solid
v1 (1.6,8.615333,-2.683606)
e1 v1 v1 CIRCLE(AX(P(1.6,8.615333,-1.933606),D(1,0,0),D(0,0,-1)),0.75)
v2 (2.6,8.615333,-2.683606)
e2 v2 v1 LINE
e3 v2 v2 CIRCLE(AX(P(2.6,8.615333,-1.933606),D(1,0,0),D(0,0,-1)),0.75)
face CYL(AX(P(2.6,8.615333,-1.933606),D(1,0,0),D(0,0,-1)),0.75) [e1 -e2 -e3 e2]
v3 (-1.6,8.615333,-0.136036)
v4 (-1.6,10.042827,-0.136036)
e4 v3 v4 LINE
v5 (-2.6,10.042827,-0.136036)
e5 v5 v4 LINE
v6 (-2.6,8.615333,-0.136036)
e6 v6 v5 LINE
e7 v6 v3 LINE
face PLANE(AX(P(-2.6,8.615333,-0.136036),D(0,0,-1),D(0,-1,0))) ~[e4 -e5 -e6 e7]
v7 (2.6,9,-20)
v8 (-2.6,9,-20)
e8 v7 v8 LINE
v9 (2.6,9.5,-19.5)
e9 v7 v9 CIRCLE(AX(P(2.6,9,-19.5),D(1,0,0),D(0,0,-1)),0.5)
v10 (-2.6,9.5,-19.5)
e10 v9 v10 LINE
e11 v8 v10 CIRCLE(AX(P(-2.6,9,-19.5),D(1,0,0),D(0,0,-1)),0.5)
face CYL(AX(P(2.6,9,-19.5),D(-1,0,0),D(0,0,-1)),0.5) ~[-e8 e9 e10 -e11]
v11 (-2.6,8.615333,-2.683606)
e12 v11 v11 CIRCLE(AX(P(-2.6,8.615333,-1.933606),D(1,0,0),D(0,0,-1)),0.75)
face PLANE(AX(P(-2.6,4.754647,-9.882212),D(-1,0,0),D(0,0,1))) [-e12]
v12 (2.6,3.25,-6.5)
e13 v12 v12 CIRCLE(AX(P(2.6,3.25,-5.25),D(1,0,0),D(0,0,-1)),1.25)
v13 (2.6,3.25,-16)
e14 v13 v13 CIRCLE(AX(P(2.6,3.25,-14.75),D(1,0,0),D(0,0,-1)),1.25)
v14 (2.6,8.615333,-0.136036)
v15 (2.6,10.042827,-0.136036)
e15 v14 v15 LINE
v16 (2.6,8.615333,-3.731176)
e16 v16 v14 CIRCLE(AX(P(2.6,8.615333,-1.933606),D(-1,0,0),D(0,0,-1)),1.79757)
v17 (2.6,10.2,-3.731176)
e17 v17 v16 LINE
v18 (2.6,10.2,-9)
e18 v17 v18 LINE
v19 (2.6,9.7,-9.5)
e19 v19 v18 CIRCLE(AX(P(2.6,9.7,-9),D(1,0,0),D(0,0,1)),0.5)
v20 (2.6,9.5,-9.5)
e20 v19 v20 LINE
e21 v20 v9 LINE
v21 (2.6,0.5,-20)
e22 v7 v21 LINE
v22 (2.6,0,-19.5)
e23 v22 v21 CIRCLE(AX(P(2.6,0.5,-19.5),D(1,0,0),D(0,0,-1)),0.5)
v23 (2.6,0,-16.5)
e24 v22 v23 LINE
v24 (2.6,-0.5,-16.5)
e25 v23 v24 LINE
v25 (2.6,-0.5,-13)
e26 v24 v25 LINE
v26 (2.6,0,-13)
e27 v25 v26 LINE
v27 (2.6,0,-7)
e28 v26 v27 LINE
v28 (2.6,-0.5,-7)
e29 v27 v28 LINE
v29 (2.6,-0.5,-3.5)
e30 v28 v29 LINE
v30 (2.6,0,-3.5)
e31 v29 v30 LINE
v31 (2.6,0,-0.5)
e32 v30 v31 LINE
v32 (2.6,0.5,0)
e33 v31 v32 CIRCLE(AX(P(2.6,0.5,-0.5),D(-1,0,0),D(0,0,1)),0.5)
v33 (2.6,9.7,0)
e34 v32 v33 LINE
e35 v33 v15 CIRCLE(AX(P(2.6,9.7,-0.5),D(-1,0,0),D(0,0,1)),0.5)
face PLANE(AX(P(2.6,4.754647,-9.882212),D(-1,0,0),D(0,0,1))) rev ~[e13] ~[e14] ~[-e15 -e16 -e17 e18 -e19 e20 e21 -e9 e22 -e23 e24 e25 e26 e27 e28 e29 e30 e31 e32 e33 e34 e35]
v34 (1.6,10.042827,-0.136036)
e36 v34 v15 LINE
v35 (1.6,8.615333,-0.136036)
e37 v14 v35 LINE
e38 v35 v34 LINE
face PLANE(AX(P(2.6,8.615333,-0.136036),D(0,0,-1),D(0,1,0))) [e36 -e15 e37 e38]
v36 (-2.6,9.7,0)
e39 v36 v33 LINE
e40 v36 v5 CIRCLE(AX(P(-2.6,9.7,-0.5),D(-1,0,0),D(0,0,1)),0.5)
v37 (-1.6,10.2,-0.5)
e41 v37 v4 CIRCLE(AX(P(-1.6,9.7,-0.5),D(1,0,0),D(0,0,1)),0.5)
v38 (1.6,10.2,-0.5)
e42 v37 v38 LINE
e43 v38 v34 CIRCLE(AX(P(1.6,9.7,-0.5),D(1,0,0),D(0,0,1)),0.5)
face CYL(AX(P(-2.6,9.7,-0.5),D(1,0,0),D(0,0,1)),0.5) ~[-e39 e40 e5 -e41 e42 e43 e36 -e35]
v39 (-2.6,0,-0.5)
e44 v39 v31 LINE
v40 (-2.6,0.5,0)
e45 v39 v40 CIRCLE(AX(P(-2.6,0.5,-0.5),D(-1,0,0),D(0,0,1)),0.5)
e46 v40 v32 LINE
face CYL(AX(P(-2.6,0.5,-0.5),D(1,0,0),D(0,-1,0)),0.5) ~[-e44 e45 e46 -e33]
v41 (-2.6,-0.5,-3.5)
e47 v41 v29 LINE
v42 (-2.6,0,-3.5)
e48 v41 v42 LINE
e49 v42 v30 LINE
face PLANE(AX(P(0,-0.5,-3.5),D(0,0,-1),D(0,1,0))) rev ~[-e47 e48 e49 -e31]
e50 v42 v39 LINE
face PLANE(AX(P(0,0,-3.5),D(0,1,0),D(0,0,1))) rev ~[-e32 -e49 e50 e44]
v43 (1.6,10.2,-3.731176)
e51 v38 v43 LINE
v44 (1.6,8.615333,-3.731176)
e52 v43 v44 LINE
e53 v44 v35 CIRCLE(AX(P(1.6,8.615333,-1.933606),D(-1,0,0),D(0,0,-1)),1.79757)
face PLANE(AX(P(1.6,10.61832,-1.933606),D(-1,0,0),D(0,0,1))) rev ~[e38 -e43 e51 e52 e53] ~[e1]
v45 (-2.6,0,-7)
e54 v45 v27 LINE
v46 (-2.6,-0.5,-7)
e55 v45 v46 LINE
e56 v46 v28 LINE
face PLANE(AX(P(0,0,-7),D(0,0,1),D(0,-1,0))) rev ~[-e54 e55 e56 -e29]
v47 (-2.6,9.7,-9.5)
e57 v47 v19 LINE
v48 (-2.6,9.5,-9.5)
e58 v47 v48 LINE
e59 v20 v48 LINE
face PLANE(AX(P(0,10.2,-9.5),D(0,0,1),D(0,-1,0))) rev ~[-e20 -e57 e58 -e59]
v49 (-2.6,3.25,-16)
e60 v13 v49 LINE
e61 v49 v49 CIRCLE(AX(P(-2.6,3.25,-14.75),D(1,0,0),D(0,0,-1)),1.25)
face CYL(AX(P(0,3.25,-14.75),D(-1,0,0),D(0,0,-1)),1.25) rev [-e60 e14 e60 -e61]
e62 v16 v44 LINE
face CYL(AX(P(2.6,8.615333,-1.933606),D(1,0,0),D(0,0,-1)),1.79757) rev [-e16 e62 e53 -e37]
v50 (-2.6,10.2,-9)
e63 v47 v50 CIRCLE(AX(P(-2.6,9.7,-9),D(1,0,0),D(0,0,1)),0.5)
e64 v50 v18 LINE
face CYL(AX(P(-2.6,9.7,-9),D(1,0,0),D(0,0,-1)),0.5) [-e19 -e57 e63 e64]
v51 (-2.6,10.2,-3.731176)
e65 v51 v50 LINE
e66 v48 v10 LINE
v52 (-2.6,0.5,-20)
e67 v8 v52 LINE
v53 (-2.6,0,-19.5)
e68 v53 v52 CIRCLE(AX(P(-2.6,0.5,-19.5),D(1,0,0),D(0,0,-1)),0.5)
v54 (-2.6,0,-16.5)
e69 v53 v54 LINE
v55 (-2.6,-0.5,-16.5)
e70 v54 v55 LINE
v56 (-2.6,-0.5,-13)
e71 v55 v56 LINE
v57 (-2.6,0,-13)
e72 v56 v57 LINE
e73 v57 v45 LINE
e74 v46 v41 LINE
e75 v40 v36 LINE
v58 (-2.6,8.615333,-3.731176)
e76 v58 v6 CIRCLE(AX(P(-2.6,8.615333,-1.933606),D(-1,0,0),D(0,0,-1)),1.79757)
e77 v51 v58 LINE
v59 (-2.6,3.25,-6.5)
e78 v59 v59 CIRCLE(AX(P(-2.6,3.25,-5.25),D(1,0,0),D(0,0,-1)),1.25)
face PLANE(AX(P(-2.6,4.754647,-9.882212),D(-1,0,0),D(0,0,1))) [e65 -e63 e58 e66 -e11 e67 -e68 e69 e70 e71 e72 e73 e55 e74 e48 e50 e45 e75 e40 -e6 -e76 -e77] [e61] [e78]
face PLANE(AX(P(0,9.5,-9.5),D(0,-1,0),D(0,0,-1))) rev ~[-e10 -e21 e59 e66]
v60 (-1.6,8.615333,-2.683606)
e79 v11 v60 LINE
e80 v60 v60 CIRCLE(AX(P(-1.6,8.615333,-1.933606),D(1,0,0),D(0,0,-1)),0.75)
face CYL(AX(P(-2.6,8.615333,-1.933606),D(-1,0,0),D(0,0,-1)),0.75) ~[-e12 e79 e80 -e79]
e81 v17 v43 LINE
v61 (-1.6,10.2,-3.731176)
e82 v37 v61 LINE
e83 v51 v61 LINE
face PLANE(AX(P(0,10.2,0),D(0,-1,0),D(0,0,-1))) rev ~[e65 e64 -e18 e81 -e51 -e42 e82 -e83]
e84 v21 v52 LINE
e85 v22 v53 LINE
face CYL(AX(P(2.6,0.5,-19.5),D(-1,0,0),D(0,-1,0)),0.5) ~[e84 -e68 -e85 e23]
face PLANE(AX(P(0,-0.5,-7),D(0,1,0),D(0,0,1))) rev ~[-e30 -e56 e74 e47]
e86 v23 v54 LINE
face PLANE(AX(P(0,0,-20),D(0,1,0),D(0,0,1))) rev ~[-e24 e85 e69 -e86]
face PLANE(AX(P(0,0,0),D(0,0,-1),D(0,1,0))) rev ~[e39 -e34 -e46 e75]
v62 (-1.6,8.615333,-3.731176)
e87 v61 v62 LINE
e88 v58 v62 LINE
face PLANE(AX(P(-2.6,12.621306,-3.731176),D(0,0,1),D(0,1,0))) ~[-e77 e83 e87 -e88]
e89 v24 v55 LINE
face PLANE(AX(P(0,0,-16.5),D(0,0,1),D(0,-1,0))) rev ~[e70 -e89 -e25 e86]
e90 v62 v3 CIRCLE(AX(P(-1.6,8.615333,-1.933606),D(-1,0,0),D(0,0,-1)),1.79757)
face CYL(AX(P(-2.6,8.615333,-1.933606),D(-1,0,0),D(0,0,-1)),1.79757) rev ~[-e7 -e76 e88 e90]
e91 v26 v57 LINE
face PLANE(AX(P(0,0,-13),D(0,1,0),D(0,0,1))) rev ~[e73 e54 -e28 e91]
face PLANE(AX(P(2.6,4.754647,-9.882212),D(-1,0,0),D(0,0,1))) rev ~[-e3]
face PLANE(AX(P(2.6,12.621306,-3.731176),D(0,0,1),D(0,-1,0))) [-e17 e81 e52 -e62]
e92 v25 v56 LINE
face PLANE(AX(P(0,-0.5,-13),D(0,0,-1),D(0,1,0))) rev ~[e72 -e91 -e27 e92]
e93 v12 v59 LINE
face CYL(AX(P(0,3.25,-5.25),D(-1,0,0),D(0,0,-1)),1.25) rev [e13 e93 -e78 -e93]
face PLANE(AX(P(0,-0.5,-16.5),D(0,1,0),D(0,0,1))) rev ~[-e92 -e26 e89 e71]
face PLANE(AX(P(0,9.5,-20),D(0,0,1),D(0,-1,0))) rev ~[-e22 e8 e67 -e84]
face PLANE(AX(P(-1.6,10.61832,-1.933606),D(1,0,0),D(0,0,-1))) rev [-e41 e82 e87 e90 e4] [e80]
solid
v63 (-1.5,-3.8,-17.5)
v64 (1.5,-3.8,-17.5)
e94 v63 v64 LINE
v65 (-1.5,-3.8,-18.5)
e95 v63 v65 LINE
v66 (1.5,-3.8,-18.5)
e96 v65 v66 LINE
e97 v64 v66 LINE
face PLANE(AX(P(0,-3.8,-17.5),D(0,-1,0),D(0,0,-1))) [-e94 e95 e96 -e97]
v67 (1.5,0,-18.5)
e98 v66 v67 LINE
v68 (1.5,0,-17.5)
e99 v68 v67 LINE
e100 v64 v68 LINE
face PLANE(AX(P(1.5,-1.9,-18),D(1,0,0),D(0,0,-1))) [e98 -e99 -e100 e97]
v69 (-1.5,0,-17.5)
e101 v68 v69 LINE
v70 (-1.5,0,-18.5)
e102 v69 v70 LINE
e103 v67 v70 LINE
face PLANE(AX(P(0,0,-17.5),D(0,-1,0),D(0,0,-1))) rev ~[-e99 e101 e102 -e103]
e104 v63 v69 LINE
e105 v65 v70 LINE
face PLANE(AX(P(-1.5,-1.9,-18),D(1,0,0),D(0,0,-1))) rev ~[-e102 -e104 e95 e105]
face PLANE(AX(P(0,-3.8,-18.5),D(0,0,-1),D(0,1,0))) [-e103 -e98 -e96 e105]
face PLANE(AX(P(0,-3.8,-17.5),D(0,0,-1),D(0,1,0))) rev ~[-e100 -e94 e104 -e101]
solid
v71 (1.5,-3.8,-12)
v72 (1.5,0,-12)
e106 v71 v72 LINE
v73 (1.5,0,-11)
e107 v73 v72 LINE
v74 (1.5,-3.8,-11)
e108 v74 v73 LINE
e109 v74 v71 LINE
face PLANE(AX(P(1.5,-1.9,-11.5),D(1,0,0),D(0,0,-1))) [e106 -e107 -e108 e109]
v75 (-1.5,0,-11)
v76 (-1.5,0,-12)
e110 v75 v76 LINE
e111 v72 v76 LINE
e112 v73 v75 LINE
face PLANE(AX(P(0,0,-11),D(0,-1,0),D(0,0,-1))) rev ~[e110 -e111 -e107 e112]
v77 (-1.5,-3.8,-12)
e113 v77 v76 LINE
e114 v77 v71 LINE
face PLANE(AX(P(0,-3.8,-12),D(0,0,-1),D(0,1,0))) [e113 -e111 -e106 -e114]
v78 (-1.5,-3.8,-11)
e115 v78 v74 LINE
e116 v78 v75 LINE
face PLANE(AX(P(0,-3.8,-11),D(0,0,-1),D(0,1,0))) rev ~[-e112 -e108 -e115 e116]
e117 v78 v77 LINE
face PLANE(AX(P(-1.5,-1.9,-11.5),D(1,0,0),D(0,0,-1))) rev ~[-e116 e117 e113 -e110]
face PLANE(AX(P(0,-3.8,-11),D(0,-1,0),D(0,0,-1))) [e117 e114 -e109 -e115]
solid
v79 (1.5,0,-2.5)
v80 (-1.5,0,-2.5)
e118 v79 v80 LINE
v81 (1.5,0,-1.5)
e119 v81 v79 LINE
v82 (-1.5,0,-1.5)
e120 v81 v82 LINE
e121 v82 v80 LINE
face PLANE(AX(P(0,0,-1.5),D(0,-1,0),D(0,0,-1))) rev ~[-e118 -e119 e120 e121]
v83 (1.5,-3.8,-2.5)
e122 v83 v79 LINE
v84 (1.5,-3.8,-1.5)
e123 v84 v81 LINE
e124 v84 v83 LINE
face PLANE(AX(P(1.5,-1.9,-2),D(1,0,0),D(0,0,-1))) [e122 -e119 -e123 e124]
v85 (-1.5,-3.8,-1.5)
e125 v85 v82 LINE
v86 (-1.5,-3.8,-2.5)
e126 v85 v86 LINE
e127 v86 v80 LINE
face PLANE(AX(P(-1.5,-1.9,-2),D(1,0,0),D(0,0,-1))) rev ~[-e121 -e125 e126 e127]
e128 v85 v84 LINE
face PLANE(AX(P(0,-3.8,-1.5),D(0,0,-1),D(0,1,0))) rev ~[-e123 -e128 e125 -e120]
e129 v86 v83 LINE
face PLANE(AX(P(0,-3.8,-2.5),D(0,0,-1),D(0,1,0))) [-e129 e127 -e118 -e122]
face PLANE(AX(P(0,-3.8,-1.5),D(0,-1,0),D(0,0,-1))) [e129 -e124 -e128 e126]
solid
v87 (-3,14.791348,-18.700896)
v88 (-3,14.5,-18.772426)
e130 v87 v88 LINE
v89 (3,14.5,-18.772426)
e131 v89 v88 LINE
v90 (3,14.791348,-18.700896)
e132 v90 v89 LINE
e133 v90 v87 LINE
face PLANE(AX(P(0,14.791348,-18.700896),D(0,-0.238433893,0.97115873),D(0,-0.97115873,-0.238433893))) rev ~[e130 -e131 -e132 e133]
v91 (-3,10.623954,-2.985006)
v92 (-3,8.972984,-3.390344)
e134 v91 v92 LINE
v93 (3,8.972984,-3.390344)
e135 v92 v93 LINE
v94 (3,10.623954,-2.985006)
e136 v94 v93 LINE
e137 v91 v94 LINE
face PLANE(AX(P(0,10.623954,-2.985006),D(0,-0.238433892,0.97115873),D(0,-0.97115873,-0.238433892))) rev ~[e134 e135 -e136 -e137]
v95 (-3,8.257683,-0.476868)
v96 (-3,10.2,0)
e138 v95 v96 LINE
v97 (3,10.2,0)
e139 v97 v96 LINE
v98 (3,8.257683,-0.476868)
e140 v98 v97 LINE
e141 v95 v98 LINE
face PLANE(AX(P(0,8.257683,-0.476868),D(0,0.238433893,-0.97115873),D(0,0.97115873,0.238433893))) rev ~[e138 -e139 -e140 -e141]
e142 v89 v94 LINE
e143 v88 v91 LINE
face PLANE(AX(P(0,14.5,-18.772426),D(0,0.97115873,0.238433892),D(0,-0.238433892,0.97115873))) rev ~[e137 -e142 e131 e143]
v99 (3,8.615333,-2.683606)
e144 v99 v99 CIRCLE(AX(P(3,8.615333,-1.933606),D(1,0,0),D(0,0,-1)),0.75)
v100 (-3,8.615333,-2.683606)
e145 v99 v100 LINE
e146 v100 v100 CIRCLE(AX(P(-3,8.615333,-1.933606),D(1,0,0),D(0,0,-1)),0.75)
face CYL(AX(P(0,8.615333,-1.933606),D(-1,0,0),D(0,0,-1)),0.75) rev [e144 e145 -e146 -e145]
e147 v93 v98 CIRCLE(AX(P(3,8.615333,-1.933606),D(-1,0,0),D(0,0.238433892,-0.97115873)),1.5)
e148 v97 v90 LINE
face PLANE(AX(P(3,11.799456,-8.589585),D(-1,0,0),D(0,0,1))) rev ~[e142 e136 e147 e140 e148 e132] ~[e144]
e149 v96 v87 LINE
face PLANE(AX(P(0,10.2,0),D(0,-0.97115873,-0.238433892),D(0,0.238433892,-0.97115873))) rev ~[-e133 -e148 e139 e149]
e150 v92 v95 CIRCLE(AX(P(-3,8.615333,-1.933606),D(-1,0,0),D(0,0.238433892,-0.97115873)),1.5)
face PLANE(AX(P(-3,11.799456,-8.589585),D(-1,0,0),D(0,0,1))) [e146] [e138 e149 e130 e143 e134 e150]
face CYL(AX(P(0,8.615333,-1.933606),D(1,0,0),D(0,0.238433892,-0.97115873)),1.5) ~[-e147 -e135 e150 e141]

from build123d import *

# Parameters (mm, degrees)
SKETCH1_R             = 1.25
BOSS_EXTRUDE1_DEPTH   = 2.6
SKETCH2_W             = 1
SKETCH2_H             = 3.8
BOSS_EXTRUDE2_DEPTH   = 1.5
BOSS_EXTRUDE2_2_DEPTH = 1.5
BOSS_EXTRUDE2_3_DEPTH = 1.5
FILLET1_R             = 0.5
SKETCH3_R             = 0.75
BOSS_EXTRUDE3_DEPTH   = 3
SKETCH4_R             = 0.75
CUT_EXTRUDE1_DEPTH    = 1


with BuildPart() as part:
    # Sketch1 → Boss-Extrude1 (new, symmetric)
    with BuildSketch(Plane(origin=(0, 0, 0), x_dir=(0, 0, -1), z_dir=(1, 0, 0))):
        Polygon((9.5, 10.2), (9.5, 9.5), (20, 9.5), (20, 0), (16.5, 0), (16.5, -0.5), (13, -0.5), (13, 0), (7, 0), (7, -0.5), (3.5, -0.5), (3.5, 0), (0, 0), (0, 10.2), align=None)
        with Locations((5.25, 3.25)):
            Circle(SKETCH1_R, mode=Mode.SUBTRACT)
        with Locations((14.75, 3.25)):
            Circle(SKETCH1_R, mode=Mode.SUBTRACT)
    extrude(amount=BOSS_EXTRUDE1_DEPTH, both=True)

    # Fillet1
    fillet1_edges = [part.edges().sort_by_distance(p)[0] for p in [
        (0, 10.2, 0),
        (0, 10.2, -9.5),
        (0, 9.5, -20),
        (0, 0, -20),
        (0, 0, 0),
    ]]
    fillet(fillet1_edges, radius=FILLET1_R)

    # Sketch4 → Cut-Extrude1 (cut)
    with BuildSketch(Plane(origin=(2.6, 0, 0), x_dir=(0, 0, -1), z_dir=(1, 0, 0))):
        with BuildLine():
            Line((0.136036049, 8.615333379), (0.136036049, 12.621305862))
            ThreePointArc((0.136036049, 12.621305862), (1.93360588, 14.418875693), (3.731175711, 12.621305862))
            Line((3.731175711, 12.621305862), (3.731175711, 8.615333379))
            ThreePointArc((3.731175711, 8.615333379), (1.93360588, 6.817763548), (0.136036049, 8.615333379))
        make_face()
        with Locations((1.93360588, 8.615333379)):
            Circle(SKETCH4_R, mode=Mode.SUBTRACT)
    cut_extrude1 = extrude(amount=-CUT_EXTRUDE1_DEPTH, mode=Mode.SUBTRACT)

    # Mirror2: Cut-Extrude1 across plane
    add(cut_extrude1.mirror(Plane(origin=(0, 0, 0), x_dir=(0, 0, 1), z_dir=(1, 0, 0))), mode=Mode.SUBTRACT)


with BuildPart() as body_2:
    # Sketch2 → Boss-Extrude2 (new, symmetric)
    with BuildSketch(Plane(origin=(0, 0, 0), x_dir=(0, 0, -1), z_dir=(1, 0, 0))):
        with Locations((2, -1.9)):
            Rectangle(SKETCH2_W, SKETCH2_H)
    extrude(amount=BOSS_EXTRUDE2_DEPTH, both=True)


with BuildPart() as body_3:
    # Sketch2 → Boss-Extrude2 2 (new, symmetric)
    with BuildSketch(Plane(origin=(0, 0, 0), x_dir=(0, 0, -1), z_dir=(1, 0, 0))):
        with Locations((11.5, -1.9)):
            Rectangle(SKETCH2_W, SKETCH2_H)
    extrude(amount=BOSS_EXTRUDE2_2_DEPTH, both=True)


with BuildPart() as body_4:
    # Sketch2 → Boss-Extrude2 3 (new, symmetric)
    with BuildSketch(Plane(origin=(0, 0, 0), x_dir=(0, 0, -1), z_dir=(1, 0, 0))):
        with Locations((18, -1.9)):
            Rectangle(SKETCH2_W, SKETCH2_H)
    extrude(amount=BOSS_EXTRUDE2_3_DEPTH, both=True)


with BuildPart() as body_5:
    # Sketch3 → Boss-Extrude3 (new, symmetric)
    with BuildSketch(Plane(origin=(0, 0, 0), x_dir=(0, 0, -1), z_dir=(1, 0, 0))):
        with BuildLine():
            Line((0.476867785, 8.25768254), (0, 10.2))
            Line((0, 10.2), (18.700895569, 14.791347619))
            Line((18.700895569, 14.791347619), (18.772425737, 14.5))
            Line((18.772425737, 14.5), (2.985006358, 10.623954058))
            Line((2.985006358, 10.623954058), (3.390343975, 8.972984217))
            ThreePointArc((3.390343975, 8.972984217), (2.291256719, 7.158595284), (0.476867785, 8.25768254))
        make_face()
        with Locations((1.93360588, 8.615333379)):
            Circle(SKETCH3_R, mode=Mode.SUBTRACT)
    extrude(amount=BOSS_EXTRUDE3_DEPTH, both=True)


solid = Compound([part.part, body_2.part, body_3.part, body_4.part, body_5.part])
